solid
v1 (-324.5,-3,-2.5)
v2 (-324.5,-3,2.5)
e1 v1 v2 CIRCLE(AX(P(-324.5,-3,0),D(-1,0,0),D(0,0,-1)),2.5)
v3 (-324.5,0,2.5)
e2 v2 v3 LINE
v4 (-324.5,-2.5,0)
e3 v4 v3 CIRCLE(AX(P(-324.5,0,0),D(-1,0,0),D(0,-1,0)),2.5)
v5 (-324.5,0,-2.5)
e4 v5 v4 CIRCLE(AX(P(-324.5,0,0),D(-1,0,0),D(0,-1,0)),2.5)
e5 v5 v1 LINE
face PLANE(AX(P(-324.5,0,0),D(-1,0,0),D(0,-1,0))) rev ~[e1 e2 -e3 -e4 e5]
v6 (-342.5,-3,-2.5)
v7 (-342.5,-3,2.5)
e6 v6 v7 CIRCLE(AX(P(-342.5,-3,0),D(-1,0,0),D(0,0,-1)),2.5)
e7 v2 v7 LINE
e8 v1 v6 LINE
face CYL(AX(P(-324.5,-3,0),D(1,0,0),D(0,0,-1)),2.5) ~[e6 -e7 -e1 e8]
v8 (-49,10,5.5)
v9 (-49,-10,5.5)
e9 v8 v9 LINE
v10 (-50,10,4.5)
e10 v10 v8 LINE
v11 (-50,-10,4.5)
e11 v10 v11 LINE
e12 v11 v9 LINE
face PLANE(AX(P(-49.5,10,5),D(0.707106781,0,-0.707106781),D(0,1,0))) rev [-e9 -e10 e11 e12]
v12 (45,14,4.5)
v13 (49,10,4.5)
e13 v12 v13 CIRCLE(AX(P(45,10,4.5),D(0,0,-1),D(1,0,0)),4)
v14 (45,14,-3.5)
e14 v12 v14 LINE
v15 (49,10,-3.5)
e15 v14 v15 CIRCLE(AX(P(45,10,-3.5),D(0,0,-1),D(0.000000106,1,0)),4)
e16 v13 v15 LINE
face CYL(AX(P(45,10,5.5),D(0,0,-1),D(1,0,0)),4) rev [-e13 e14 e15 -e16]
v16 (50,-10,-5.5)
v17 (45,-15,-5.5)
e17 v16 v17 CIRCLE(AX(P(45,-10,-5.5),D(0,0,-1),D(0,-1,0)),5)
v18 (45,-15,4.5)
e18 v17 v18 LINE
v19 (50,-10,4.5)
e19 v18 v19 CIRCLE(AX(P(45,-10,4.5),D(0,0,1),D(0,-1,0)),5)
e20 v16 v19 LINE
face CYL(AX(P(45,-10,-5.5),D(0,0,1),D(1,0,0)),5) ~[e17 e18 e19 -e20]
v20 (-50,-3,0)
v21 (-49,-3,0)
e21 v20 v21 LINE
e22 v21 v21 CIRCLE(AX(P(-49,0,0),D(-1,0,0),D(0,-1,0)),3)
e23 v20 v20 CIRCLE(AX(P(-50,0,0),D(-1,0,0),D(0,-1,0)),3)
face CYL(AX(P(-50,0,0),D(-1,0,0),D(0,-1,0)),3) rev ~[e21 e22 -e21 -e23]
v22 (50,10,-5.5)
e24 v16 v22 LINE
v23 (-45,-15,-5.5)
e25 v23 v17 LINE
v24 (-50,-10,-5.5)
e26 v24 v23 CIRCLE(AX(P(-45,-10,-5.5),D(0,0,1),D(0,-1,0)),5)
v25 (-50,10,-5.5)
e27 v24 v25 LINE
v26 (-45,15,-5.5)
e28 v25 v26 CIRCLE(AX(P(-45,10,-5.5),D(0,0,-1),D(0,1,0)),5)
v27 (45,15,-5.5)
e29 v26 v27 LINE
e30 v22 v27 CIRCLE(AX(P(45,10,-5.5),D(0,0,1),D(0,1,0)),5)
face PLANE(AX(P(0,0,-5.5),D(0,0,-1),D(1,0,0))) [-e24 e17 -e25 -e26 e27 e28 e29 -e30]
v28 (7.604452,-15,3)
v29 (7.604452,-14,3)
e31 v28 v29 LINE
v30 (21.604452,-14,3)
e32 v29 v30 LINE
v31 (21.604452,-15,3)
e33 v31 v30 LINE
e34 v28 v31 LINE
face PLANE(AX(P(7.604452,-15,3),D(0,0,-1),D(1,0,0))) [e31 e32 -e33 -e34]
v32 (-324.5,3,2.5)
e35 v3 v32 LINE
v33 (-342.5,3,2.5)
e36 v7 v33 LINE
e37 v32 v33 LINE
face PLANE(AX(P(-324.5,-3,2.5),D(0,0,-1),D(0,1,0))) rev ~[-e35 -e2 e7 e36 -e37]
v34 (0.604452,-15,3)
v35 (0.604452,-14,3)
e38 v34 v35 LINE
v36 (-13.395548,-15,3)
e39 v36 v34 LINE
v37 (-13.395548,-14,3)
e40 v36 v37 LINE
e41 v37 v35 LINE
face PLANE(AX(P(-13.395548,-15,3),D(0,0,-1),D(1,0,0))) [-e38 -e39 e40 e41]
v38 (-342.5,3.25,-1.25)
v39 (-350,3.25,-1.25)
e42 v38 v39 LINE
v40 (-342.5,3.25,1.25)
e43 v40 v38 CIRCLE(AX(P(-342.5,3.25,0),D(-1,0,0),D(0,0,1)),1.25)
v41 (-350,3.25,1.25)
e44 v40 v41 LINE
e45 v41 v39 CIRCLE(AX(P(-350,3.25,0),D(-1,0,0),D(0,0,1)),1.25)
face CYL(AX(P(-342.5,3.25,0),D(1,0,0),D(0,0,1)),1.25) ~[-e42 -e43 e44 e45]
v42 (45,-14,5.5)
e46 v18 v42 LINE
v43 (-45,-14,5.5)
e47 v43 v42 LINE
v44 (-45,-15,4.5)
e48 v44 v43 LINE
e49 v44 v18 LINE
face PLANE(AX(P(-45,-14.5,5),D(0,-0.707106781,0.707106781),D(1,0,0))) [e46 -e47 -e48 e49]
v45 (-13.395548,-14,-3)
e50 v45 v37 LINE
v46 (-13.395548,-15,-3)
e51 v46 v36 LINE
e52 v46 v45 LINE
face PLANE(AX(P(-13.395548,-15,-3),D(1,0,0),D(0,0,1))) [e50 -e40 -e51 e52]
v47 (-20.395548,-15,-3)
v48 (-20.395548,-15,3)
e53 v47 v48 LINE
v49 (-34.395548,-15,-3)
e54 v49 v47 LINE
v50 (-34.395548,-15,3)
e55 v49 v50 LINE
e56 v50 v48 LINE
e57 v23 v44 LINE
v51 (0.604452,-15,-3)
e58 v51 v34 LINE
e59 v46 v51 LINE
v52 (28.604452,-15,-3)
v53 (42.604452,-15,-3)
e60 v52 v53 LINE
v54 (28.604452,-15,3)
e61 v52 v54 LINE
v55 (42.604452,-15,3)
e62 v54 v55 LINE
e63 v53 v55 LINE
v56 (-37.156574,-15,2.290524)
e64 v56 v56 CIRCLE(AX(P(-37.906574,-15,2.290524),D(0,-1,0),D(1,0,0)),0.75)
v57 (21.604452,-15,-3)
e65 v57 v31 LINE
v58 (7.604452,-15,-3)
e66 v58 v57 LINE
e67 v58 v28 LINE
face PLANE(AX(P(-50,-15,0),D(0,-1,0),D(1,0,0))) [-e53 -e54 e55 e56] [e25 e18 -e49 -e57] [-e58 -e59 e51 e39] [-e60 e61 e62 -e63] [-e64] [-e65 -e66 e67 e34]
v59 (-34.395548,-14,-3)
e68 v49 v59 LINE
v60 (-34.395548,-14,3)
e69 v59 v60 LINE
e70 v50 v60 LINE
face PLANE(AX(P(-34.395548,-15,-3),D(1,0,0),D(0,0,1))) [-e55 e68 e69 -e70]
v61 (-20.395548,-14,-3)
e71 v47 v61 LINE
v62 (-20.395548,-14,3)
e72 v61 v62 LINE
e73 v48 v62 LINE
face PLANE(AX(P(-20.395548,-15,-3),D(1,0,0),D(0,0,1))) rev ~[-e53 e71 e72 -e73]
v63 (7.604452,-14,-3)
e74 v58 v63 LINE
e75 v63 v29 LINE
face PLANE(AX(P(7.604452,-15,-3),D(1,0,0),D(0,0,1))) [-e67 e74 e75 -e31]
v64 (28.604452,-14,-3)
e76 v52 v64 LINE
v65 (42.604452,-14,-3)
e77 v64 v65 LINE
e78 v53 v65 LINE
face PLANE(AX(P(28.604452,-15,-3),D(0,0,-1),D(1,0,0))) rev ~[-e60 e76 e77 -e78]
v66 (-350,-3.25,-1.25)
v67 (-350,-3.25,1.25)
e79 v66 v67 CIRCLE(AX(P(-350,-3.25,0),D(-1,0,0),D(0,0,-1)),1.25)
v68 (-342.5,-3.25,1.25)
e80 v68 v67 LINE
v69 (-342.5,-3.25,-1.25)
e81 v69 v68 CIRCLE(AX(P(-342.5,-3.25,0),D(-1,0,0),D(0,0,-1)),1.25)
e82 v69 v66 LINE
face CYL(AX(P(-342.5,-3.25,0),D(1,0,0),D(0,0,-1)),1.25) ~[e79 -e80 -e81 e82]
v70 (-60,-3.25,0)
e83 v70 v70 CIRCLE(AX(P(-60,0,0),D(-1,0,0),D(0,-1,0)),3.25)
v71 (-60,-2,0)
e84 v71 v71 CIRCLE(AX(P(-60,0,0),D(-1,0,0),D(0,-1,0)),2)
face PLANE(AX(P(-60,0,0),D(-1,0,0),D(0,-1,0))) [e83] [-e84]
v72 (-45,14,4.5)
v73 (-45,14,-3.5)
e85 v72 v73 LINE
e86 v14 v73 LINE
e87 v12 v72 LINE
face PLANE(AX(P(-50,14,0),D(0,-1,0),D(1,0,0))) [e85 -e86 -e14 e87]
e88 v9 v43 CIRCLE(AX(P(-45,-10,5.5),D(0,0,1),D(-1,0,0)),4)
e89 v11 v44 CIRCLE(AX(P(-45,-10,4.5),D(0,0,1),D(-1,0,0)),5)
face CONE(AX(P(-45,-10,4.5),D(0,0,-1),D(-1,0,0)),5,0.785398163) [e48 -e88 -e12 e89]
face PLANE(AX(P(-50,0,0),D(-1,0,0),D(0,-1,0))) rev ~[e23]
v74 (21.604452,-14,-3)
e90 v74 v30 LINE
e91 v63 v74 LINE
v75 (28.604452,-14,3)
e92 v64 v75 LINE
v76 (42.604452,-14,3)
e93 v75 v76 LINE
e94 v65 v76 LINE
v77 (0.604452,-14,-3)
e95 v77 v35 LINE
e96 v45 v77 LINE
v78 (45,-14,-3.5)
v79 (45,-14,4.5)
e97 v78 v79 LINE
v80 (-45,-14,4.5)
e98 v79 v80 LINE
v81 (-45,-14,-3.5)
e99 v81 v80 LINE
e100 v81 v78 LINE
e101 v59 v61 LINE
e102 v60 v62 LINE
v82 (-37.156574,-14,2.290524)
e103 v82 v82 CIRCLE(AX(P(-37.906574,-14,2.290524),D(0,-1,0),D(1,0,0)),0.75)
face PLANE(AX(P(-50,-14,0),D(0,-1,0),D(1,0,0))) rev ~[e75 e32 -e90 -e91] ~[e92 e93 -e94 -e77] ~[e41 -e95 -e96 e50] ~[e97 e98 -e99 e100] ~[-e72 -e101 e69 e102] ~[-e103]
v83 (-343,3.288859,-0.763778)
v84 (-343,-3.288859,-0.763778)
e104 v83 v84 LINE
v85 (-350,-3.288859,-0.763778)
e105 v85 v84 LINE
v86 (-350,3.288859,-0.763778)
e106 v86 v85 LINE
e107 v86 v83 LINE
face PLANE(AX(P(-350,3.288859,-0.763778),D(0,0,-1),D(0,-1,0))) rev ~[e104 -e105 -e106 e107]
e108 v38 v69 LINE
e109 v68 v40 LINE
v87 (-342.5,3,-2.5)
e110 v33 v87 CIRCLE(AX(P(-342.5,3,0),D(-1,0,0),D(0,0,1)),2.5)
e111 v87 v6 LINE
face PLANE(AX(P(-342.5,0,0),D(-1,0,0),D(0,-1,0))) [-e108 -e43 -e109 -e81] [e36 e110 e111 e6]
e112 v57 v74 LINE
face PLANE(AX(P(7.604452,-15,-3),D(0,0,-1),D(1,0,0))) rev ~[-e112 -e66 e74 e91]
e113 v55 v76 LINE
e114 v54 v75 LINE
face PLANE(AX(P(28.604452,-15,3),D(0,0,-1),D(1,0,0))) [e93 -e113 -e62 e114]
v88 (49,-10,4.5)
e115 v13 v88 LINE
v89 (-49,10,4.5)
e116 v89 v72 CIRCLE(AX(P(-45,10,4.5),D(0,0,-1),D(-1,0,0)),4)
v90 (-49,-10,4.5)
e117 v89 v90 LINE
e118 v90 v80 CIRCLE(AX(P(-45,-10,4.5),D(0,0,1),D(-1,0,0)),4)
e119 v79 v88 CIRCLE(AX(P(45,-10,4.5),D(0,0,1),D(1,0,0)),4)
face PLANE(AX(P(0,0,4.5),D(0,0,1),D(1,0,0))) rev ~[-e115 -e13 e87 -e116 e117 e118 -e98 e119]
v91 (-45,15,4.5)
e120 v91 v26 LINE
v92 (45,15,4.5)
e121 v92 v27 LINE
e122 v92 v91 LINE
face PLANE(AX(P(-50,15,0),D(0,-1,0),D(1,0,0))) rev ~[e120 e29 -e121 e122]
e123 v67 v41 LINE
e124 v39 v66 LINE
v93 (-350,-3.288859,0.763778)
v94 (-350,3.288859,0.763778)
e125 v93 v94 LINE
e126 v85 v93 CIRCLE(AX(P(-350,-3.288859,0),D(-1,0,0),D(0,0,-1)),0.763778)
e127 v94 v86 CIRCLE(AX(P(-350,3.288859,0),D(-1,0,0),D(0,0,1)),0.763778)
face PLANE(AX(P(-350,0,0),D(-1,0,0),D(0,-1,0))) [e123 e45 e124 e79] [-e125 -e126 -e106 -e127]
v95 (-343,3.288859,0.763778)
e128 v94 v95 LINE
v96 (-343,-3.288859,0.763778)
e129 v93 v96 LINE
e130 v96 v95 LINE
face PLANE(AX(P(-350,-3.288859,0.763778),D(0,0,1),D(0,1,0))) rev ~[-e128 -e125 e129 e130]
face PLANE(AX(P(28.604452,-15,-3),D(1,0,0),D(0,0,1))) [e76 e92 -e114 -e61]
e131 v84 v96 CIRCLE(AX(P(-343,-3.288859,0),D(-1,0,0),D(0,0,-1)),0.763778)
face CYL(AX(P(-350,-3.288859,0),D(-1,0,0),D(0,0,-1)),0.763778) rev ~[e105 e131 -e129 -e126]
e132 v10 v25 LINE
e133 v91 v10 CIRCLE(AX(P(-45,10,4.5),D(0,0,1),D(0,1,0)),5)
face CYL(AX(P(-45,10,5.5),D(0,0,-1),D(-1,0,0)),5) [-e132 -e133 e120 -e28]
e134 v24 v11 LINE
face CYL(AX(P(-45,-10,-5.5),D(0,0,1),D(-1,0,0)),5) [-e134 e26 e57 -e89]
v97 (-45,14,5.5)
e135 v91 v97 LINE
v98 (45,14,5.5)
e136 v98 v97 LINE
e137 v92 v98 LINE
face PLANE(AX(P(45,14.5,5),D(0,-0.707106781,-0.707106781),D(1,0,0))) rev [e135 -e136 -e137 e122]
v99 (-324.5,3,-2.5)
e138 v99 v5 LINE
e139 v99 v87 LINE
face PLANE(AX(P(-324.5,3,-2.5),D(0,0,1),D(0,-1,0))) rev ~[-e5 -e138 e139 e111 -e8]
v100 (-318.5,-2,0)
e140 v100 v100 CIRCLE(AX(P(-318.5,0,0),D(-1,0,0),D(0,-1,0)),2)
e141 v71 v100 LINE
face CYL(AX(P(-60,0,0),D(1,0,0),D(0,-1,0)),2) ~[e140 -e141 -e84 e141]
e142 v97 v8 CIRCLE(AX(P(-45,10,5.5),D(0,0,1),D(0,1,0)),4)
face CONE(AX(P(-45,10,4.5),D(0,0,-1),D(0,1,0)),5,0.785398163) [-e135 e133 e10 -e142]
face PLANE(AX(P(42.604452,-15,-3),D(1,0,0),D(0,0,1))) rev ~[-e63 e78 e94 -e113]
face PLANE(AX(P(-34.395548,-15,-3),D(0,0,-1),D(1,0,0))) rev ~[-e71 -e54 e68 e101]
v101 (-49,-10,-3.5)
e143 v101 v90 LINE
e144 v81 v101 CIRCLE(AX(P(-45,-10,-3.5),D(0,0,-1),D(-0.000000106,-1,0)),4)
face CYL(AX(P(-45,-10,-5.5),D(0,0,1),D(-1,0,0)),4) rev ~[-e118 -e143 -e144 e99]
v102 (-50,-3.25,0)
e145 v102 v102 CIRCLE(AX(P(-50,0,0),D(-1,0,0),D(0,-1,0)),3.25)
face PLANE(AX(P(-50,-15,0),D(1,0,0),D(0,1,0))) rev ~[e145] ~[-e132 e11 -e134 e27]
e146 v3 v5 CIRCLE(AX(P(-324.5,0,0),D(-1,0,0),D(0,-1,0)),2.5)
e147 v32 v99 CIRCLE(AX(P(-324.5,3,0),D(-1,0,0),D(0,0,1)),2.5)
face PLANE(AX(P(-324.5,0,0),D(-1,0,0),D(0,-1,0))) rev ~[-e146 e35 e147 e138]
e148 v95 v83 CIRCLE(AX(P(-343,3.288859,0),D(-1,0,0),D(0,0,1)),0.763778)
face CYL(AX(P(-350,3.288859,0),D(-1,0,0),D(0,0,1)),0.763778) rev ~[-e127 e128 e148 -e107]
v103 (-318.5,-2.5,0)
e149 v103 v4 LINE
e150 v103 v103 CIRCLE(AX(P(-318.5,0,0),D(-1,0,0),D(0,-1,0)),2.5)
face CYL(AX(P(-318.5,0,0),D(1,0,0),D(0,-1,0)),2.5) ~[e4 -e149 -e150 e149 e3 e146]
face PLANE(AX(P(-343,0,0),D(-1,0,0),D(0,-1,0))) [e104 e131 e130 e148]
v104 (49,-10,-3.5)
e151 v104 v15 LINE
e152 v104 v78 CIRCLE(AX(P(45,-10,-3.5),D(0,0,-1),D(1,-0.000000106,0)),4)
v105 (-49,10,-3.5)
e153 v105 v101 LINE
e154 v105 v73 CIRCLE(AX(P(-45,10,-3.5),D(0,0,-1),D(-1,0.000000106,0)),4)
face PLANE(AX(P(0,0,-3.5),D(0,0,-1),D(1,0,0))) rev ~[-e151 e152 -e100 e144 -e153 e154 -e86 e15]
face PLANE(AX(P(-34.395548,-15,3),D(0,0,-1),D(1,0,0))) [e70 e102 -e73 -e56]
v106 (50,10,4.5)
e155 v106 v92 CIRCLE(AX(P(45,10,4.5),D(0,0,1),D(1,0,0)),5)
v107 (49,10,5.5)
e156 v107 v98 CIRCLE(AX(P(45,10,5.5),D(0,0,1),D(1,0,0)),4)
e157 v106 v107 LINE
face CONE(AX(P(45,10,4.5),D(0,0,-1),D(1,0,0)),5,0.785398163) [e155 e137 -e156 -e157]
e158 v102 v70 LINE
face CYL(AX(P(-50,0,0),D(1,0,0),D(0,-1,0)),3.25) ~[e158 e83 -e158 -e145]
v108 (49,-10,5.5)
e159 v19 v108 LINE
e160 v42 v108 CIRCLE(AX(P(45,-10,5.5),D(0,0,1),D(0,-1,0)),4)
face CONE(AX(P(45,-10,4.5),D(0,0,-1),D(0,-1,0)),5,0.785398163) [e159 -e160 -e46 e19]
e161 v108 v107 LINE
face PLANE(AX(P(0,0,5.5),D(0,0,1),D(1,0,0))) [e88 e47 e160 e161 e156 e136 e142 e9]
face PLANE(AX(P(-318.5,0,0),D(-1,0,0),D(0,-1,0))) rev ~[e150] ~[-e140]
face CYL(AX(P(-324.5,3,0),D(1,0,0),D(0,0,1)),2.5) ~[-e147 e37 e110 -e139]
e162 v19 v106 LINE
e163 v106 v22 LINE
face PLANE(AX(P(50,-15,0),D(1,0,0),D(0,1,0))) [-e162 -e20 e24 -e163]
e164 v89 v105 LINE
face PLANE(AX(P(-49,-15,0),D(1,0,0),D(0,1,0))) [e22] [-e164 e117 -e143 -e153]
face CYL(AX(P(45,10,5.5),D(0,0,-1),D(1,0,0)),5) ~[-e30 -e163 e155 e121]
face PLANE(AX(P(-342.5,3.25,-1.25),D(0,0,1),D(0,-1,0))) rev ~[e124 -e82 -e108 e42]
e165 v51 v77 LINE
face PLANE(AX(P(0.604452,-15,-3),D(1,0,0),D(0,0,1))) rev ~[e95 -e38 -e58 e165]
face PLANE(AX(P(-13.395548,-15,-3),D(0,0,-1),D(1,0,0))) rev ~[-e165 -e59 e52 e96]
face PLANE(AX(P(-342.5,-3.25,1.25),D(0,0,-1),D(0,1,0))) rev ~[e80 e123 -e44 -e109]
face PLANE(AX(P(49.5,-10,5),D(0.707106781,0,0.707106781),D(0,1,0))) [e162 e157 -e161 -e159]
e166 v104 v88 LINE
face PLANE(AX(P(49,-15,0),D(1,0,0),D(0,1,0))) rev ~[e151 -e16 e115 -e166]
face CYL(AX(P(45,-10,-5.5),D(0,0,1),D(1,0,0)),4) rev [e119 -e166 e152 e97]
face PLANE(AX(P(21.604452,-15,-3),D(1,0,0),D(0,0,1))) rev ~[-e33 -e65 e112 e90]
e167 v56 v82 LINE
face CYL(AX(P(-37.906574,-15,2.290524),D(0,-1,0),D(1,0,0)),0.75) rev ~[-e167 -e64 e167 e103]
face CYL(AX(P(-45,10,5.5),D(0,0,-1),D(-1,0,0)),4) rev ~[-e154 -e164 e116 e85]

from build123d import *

# Parameters (mm, degrees)
SKETCH_W        = 100
SKETCH_H        = 30
PAD_DEPTH       = 5.5
FILLET_R        = 5
THICKNESS_T     = -1
PAD001_DEPTH    = 2
CHAMFER_SIZE    = 1
SKETCH002_R     = 3
HOLE_DEPTH      = 25
HOLE_TIPS_R     = 3
SKETCH003_R     = 0.75
SKETCH003_W     = 14
SKETCH003_H     = 6
POCKET_DEPTH    = 5
SKETCH004_R     = 3.25
PAD002_DEPTH    = 10
SKETCH005_R     = 2
PAD003_DEPTH    = 258.5
SKETCH006_R     = 2.5
PAD004_DEPTH    = 6
PAD005_DEPTH    = 18
PAD006_DEPTH    = 7.5
POCKET001_DEPTH = 7


with BuildPart() as part:
    # Sketch → Pad (new body, symmetric)
    with BuildSketch(Plane.XY):
        Rectangle(SKETCH_W, SKETCH_H)
    extrude(amount=PAD_DEPTH, both=True)

    # Fillet
    fillet_edges = [part.edges().sort_by_distance(p)[0] for p in [
        (-50, -15, 0),
        (-50, 15, 0),
        (50, 15, 0),
        (50, -15, 0),
    ]]
    fillet(fillet_edges, radius=FILLET_R)

    # Thickness
    thickness_openings = [part.faces().sort_by_distance(p)[0] for p in [
        (0, 0, -5.5),
    ]]
    offset(amount=THICKNESS_T, openings=thickness_openings)

    # Sketch001 (on Face10 of Thickness) → Pad001 (join)
    with BuildSketch(Plane(origin=(0, 0, -5.5), x_dir=(1, 0, 0), z_dir=(0, 0, -1))):
        with BuildLine():
            ThreePointArc((-45, 14), (-47.828427, 12.828427), (-49, 10))
            Line((-49, -10), (-49, 10))
            ThreePointArc((-49, -10), (-47.828427, -12.828427), (-45, -14))
            Line((45, -14), (-45, -14))
            ThreePointArc((45, -14), (47.828427, -12.828427), (49, -10))
            Line((49, 10), (49, -10))
            ThreePointArc((49, 10), (47.828427, 12.828427), (45, 14))
            Line((-45, 14), (45, 14))
        make_face()
    extrude(amount=-PAD001_DEPTH)

    # Chamfer
    chamfer_edges = [part.edges().sort_by_distance(p)[0] for p in [
        (0, -15, 5.5),
        (48.535534, -13.535534, 5.5),
        (50, 0, 5.5),
        (48.535534, 13.535534, 5.5),
        (0, 15, 5.5),
        (-48.535534, 13.535534, 5.5),
        (-50, 0, 5.5),
        (-48.535534, -13.535534, 5.5),
    ]]
    chamfer(chamfer_edges, length=CHAMFER_SIZE)

    # Sketch002 (on Face7 of Chamfer) → Hole (cut)
    with BuildSketch(Plane(origin=(-50, 0, 0), x_dir=(0, -1, 0), z_dir=(-1, 0, 0))):
        Circle(SKETCH002_R)
    extrude(amount=-HOLE_DEPTH, mode=Mode.SUBTRACT)

    # Hole tips → Hole tip 1 section 0
    with BuildSketch(Plane(origin=(-25, 0, 0), x_dir=(0, -1, 0), z_dir=(-1, 0, 0)), mode=Mode.PRIVATE) as hole_tip_1_s0:
        Circle(HOLE_TIPS_R)
    loft([hole_tip_1_s0.sketch, Vertex(-23.197418, 0, 0)], mode=Mode.SUBTRACT)

    # Sketch003 (on Face11 of Hole) → Pocket (cut)
    with BuildSketch(Plane.XZ.offset(15)):
        with Locations((-37.906574, 2.290524)):
            Circle(SKETCH003_R)
        with Locations((35.604452, 0)):
            Rectangle(SKETCH003_W, SKETCH003_H)
        with Locations((14.604452, 0)):
            Rectangle(SKETCH003_W, SKETCH003_H)
        with Locations((-6.395548, 0)):
            Rectangle(SKETCH003_W, SKETCH003_H)
        with Locations((-27.395548, 0)):
            Rectangle(SKETCH003_W, SKETCH003_H)
    extrude(amount=-POCKET_DEPTH, mode=Mode.SUBTRACT)

    # Sketch004 (on Face7 of Pocket) → Pad002 (join)
    with BuildSketch(Plane(origin=(-50, 0, 0), x_dir=(0, -1, 0), z_dir=(-1, 0, 0))):
        Circle(SKETCH004_R)
    extrude(amount=PAD002_DEPTH)

    # Sketch005 (on Face38 of Pad002) → Pad003 (join)
    with BuildSketch(Plane(origin=(-60, 0, 0), x_dir=(0, -1, 0), z_dir=(-1, 0, 0))):
        Circle(SKETCH005_R)
    extrude(amount=PAD003_DEPTH)

    # Sketch006 (on Face45 of Pad003) → Pad004 (join)
    with BuildSketch(Plane(origin=(-318.5, 0, 0), x_dir=(0, -1, 0), z_dir=(-1, 0, 0))):
        Circle(SKETCH006_R)
    extrude(amount=PAD004_DEPTH)

    # Sketch007 (on Face3 of Pad004) → Pad005 (join)
    with BuildSketch(Plane(origin=(-324.5, 0, 0), x_dir=(0, -1, 0), z_dir=(-1, 0, 0))):
        with BuildLine():
            ThreePointArc((-3, 2.5), (-5.5, 0), (-3, -2.5))
            Line((-3, -2.5), (3, -2.5))
            ThreePointArc((3, -2.5), (5.5, 0), (3, 2.5))
            Line((3, 2.5), (-3, 2.5))
        make_face()
    extrude(amount=PAD005_DEPTH)

    # Sketch008 (on Face11 of Pad005) → Pad006 (join)
    with BuildSketch(Plane(origin=(-342.5, 0, 0), x_dir=(0, -1, 0), z_dir=(-1, 0, 0))):
        with BuildLine():
            ThreePointArc((-3.25, 1.25), (-4.5, 0), (-3.25, -1.25))
            Line((-3.25, -1.25), (3.25, -1.25))
            ThreePointArc((3.25, -1.25), (4.5, 0), (3.25, 1.25))
            Line((3.25, 1.25), (-3.25, 1.25))
        make_face()
    extrude(amount=PAD006_DEPTH)

    # Sketch009 (on Face18 of Pad006) → Pocket001 (cut)
    with BuildSketch(Plane(origin=(-350, 0, 0), x_dir=(0, -1, 0), z_dir=(-1, 0, 0))):
        with BuildLine():
            ThreePointArc((-3.288859, 0.763778), (-4.052637, 0), (-3.288859, -0.763778))
            Line((-3.288859, -0.763778), (3.288859, -0.763778))
            ThreePointArc((3.288859, -0.763778), (4.052637, 0), (3.288859, 0.763778))
            Line((3.288859, 0.763778), (-3.288859, 0.763778))
        make_face()
    extrude(amount=-POCKET001_DEPTH, mode=Mode.SUBTRACT)


solid = part.part
